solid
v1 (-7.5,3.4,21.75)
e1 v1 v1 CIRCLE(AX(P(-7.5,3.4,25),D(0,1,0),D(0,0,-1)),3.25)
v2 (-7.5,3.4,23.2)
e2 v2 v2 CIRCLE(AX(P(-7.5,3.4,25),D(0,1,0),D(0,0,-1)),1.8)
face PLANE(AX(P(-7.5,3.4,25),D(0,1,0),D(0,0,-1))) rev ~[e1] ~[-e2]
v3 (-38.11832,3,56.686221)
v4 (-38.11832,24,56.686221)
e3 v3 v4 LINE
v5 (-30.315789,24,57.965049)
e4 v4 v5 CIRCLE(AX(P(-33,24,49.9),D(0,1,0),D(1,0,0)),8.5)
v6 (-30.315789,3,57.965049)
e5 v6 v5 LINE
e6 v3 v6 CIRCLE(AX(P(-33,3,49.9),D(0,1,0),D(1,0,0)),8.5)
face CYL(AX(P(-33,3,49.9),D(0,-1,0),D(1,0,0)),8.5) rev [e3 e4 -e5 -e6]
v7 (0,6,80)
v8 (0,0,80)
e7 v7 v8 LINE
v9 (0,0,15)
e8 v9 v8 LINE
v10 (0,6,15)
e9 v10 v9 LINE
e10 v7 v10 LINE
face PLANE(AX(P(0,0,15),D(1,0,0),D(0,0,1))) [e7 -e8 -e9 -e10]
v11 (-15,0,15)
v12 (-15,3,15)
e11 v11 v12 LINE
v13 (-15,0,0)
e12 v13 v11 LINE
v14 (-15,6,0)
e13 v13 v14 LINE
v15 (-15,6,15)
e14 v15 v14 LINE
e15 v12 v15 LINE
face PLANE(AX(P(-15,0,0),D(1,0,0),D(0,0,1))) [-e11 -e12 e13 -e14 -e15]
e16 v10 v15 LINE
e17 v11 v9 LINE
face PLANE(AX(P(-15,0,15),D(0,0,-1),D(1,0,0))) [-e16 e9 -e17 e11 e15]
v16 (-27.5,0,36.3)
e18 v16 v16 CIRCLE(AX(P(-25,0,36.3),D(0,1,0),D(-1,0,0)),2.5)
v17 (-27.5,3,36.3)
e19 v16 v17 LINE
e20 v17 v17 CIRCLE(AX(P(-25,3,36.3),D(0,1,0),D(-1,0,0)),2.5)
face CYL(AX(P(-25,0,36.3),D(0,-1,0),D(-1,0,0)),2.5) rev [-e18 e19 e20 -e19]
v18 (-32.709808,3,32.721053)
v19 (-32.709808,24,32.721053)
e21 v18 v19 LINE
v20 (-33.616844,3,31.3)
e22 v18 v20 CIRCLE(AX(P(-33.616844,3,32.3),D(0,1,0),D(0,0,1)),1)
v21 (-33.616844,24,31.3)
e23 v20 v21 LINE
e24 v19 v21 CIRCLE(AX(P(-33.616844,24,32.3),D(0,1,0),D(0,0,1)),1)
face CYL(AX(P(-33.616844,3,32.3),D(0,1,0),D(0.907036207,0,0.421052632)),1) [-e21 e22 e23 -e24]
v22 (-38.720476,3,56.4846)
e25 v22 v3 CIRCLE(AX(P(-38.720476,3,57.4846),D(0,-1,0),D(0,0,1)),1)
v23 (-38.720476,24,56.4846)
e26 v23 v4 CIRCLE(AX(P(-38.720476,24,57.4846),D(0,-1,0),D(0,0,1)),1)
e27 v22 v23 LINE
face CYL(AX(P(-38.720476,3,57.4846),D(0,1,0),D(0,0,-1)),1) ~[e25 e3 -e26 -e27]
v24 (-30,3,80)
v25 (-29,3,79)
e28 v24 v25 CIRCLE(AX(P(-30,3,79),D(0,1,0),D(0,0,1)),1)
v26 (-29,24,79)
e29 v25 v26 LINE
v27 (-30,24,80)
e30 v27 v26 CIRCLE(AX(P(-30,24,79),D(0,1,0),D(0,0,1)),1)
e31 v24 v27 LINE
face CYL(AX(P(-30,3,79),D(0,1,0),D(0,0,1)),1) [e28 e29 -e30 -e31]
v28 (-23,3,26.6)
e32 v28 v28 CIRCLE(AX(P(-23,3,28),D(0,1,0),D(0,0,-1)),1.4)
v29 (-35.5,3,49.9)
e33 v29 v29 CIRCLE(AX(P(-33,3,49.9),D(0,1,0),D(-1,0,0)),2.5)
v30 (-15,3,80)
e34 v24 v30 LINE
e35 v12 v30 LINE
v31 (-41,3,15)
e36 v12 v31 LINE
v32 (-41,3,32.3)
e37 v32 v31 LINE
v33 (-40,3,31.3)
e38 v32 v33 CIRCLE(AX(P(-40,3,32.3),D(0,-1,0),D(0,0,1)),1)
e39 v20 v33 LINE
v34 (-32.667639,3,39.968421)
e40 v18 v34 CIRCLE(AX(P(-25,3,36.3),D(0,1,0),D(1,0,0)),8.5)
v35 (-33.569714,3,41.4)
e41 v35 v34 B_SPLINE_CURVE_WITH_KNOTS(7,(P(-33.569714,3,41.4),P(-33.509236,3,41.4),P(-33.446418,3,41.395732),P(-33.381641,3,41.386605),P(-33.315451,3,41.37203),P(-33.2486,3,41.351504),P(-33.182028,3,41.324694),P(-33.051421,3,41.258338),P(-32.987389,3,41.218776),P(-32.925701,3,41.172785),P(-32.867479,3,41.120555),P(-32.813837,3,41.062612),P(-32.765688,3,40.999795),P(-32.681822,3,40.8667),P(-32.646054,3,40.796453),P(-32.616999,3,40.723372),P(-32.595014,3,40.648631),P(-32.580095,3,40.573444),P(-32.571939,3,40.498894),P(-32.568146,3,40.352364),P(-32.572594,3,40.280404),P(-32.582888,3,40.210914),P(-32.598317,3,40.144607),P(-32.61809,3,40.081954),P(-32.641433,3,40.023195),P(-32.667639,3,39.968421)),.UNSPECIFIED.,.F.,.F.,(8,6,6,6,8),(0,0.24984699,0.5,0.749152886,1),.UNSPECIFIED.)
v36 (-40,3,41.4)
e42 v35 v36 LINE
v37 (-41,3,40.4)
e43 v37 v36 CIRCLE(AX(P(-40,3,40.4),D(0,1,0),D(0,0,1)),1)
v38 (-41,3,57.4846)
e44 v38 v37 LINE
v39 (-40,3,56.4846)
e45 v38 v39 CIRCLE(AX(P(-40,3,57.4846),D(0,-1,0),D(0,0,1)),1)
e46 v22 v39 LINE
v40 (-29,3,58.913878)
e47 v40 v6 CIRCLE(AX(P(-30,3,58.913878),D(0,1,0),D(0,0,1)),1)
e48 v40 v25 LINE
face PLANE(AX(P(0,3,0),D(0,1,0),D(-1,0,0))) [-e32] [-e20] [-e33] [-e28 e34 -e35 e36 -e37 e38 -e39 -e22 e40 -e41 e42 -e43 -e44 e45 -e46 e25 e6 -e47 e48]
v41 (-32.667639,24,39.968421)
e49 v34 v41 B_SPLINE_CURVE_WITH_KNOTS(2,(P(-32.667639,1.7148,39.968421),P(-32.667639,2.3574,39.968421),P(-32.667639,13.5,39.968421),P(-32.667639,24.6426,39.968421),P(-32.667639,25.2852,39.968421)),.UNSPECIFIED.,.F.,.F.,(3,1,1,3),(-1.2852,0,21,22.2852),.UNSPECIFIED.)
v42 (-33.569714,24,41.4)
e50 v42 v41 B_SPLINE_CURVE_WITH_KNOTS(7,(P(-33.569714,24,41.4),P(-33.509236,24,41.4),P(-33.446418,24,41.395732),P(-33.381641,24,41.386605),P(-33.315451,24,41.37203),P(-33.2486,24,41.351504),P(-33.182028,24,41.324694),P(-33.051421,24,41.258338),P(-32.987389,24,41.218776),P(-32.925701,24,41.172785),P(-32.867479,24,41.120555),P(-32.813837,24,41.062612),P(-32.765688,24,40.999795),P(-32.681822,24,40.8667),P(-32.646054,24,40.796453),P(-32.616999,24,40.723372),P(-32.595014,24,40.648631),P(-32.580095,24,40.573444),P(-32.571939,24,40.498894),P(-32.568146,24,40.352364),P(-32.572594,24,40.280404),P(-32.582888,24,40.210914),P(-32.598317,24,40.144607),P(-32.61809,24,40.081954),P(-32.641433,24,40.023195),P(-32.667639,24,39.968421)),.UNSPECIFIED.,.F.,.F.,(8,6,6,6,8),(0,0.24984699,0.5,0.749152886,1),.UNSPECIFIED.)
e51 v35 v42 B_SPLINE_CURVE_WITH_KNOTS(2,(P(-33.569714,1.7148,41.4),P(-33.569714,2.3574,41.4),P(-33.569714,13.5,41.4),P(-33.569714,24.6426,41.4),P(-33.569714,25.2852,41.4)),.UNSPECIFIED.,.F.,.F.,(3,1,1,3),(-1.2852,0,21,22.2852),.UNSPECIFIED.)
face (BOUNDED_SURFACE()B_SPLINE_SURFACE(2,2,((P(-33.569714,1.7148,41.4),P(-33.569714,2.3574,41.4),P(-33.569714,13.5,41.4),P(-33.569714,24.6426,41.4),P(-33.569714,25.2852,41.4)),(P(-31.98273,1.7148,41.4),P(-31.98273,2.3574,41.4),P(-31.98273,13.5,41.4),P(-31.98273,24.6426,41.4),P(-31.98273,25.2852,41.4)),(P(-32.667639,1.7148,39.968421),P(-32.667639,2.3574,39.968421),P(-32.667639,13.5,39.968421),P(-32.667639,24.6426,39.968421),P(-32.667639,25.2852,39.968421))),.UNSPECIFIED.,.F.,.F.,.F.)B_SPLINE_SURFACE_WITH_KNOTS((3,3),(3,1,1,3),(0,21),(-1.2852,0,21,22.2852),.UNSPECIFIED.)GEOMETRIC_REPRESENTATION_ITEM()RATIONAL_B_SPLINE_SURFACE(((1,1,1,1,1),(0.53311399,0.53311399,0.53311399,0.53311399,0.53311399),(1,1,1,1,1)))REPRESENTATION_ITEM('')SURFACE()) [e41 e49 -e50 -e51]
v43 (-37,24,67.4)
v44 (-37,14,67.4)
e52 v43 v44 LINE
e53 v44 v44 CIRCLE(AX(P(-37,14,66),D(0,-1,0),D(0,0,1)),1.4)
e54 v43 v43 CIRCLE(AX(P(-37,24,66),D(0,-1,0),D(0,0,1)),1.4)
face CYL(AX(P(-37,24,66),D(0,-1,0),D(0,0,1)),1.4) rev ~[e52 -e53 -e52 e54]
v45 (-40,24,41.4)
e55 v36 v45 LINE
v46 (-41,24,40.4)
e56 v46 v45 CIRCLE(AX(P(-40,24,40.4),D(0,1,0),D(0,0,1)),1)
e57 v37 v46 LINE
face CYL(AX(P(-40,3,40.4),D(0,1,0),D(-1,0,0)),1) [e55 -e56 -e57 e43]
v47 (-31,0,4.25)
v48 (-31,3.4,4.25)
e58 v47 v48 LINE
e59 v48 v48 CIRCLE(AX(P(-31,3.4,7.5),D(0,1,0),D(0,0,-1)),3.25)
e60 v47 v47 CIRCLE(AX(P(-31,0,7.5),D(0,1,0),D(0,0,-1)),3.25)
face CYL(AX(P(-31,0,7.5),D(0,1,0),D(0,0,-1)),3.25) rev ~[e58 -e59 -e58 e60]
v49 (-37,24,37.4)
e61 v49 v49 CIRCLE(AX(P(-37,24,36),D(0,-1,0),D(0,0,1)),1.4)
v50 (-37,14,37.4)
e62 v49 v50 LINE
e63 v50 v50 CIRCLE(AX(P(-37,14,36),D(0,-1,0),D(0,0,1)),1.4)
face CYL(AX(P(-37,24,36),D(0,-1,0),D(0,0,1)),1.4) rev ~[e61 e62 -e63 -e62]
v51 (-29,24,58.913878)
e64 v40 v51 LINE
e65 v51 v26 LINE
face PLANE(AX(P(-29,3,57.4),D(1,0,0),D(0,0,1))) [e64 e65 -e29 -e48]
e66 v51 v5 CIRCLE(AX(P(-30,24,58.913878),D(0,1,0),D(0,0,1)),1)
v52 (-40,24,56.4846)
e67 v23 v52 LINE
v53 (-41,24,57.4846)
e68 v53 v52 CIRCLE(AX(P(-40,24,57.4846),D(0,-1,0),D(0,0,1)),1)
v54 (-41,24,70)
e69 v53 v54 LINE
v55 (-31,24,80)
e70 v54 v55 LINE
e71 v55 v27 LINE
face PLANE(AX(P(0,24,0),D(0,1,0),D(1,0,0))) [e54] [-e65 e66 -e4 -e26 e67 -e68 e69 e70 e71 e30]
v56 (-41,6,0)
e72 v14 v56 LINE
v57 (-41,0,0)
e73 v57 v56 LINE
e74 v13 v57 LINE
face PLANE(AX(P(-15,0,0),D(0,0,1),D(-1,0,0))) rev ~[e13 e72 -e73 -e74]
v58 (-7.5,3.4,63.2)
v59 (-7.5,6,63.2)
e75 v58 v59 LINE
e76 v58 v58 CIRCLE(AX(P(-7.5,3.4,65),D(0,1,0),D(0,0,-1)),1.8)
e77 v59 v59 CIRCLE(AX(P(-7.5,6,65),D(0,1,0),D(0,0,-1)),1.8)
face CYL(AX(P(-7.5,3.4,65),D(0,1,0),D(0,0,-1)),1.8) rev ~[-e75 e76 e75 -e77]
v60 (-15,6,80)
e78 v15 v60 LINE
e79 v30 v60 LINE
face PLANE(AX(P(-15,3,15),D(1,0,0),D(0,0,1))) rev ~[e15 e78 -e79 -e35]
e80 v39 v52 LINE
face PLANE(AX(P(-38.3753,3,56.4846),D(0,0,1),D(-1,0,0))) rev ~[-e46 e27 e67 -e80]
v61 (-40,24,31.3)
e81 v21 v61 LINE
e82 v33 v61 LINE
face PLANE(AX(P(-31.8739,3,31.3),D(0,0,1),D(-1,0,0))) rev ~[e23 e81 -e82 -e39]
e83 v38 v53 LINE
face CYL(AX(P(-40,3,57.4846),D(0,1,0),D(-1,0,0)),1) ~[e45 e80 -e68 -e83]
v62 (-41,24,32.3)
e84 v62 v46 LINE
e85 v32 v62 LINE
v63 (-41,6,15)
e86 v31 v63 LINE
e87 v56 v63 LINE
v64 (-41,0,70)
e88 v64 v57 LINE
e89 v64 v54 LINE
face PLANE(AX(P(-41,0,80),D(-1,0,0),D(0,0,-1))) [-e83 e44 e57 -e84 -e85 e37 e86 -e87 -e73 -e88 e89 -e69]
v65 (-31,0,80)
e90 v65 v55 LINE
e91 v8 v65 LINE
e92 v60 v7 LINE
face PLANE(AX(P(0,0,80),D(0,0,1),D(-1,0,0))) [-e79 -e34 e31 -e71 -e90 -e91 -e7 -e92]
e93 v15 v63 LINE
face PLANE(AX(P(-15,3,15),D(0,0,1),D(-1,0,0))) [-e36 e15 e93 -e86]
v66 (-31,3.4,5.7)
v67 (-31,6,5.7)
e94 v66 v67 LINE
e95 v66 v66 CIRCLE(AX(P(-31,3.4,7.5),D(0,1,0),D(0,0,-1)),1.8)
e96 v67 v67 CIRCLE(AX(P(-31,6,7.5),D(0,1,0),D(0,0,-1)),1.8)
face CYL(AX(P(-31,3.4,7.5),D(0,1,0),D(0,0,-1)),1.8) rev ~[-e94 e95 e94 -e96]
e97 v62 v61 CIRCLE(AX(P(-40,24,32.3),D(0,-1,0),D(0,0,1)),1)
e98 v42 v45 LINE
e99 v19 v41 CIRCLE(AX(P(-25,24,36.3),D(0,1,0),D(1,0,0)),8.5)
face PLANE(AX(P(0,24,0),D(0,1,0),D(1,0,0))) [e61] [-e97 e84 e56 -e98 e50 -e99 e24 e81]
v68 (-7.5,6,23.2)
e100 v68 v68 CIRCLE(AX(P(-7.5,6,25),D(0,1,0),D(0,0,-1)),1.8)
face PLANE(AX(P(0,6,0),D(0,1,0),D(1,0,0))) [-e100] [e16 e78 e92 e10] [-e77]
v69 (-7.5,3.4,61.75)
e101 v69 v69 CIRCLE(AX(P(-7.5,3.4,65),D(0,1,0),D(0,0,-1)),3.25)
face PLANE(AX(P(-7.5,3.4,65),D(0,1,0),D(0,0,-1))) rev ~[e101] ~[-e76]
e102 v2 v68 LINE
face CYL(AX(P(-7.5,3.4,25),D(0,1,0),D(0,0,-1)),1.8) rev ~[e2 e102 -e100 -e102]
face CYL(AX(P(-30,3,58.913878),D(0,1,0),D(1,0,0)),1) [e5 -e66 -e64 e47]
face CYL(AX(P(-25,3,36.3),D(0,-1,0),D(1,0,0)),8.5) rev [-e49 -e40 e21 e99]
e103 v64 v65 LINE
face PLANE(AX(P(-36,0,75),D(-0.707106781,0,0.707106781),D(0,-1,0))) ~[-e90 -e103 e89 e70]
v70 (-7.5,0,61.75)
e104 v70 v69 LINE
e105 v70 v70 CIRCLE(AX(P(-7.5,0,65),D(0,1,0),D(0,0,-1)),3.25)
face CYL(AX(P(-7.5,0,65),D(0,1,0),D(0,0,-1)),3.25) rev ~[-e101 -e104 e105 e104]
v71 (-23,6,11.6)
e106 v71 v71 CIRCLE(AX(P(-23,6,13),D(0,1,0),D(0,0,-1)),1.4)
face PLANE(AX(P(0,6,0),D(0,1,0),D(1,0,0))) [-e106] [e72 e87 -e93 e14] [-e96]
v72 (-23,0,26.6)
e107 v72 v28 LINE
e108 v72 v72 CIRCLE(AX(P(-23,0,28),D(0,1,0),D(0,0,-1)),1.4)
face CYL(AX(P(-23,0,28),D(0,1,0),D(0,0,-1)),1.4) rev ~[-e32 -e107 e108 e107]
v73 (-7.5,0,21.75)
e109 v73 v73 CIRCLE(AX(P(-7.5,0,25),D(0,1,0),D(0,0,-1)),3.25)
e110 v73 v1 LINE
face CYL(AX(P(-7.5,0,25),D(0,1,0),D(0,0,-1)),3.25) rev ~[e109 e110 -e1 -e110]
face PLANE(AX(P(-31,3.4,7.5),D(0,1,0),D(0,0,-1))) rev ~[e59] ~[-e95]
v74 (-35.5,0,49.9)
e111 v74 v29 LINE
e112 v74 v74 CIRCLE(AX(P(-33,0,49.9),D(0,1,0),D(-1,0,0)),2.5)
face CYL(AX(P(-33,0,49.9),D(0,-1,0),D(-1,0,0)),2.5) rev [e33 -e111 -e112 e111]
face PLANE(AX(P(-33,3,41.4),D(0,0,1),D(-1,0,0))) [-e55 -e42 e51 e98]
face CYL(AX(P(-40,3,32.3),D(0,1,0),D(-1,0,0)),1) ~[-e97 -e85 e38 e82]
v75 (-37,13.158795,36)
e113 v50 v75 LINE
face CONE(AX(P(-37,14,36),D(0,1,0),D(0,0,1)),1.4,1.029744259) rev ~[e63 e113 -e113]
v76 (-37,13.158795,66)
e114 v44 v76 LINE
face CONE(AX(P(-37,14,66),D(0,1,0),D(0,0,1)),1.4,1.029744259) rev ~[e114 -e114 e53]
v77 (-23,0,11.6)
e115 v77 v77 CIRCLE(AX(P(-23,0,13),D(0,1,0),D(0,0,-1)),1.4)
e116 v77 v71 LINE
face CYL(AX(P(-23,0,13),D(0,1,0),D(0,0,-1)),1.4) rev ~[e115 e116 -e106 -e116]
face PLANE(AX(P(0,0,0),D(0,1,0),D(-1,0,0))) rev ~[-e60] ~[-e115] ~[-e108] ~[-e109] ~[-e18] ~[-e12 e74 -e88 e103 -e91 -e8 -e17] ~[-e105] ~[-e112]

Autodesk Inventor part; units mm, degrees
ref_plane "YZ Plane" through (0, 0, 0) normal (1, 0, 0) x (0, 1, 0)
ref_plane "XZ Plane" through (0, 0, 0) normal (0, 1, 0) x (-1, 0, 0)
ref_plane "XY Plane" through (0, 0, 0) normal (0, 0, 1) x (1, 0, 0)
sketch "Sketch1" plane through (0, 0, 0) normal (0, 1, 0) x (-1, 0, 0)
  circle A0 centre (25, 36.3) radius 2.5
  circle A1 centre (33, 49.9) radius 2.5
  line L0 (15, 0) -> (15, 15)
  line L1 (15, 15) -> (0, 15)
  line L2 (0, 15) -> (0, 80)
  line L3 (0, 80) -> (41, 80)
  line L4 (41, 80) -> (41, 0)
  line L5 (15, 0) -> (41, 0)
  circle A2 centre (25, 36.3) radius 7.5 construction
  circle A3 centre (33, 49.9) radius 7.5 construction
  point P0 (0, 0)
  dimension "d0" = 5
  dimension "d1" = 15
  dimension "d2" = 25
  dimension "d3" = 21.3
  dimension "d4" = 8
  dimension "d5" = 13.6
  dimension "d12" = 15
  dimension "d46" = 80
  dimension "d47" = 41
extrude "Extrusion1" add sketch "Sketch1" along normal blind 3
sketch "Sketch2" plane through (0, 3, 0) normal (0, 1, 0) x (1, 0, 0)
  line L0 (-41, 0) -> (-41, -80) projected
  line L1 (-41, -80) -> (0, -80) projected
  line L2 (0, -80) -> (0, -15) projected
  line L3 (0, -15) -> (-15, -15) projected
  line L4 (-15, -15) -> (-15, 0) projected
  line L5 (-15, 0) -> (-41, 0) projected
  circle A0 centre (-33, -49.9) radius 2.5 projected
  circle A1 centre (-25, -36.3) radius 2.5 projected
  line L6 (-15, -15) -> (-15, 0) projected
  line L7 (-15, -15) -> (-15, -80)
  line L8 (-15, -15) -> (-41, -15)
  line L9 (-41, 0) -> (-41, -80) projected
  point P0 (0, 0)
extrude "Extrusion2" add sketch "Sketch2" along normal blind 3 contours L5 L4 L8 L0 | L3 L2 L1 L7
sketch "Sketch3" plane through (0, 3, 0) normal (0, 1, 0) x (1, 0, 0)
  circle A0 centre (-25, -36.3) radius 2.5 projected
  circle A1 centre (-33, -49.9) radius 2.5 projected
  line L0 (-15, -80) -> (-15, -15) projected
  line L1 (-15, -15) -> (-41, -15) projected
  line L2 (-41, -15) -> (-41, -80) projected
  line L3 (-41, -80) -> (-15, -80) projected
  circle A2 centre (-25, -36.3) radius 2.5 projected
  circle A3 centre (-25, -36.3) radius 8.5
  circle A4 centre (-33, -49.9) radius 2.5 projected
  circle A5 centre (-33, -49.9) radius 8.5
  line L4 (-31.8739, -31.3) -> (-41, -31.3)
  line L5 (-41, 0) -> (-41, -80) projected
  line L6 (-33, -41.4) -> (-41, -41.4)
  line L7 (-38.3753, -56.4846) -> (-41, -56.4846)
  line L8 (-29, -57.4) -> (-29, -80)
  line L9 (-41, -80) -> (0, -80) projected
  point P0 (0, 0)
  point P1 (-31.727, -41.4959)
  dimension "d15" = 17
  dimension "d16" = 5
  dimension "d19" = 12
extrude "Extrusion3" add sketch "Sketch3" along normal blind 21 contours L3 L2 L7 A5 L8 | L4 A3 A5 L6 L2
fillet "Fillet1" radius 1 8 edges at (-31.8739, 13.5, 31.3) (-31.727, 13.5, 41.4959) (-41, 13.5, 41.4) (-41, 13.5, 31.3) (-41, 13.5, 56.4846) (-29, 13.5, 57.4) (-29, 13.5, 80) (-38.3753, 13.5, 56.4846)
chamfer "Chamfer1" distance 10 angle 45 1 edges at (-41, 12, 80)
sketch "Sketch4" plane through (0, 24, 0) normal (0, 1, 0) x (1, 0, 0)
  line L0 (-31, -80) -> (-41, -70) projected
  line L1 (-31, -80) -> (-30, -80) projected
  arc A0 (-30, -80) -> (-29, -79) centre (-30, -79) ccw projected
  line L2 (-29, -79) -> (-29, -58.9139) projected
  arc A1 (-29, -58.9139) -> (-30.3158, -57.965) centre (-30, -58.9139) ccw projected
  arc A2 (-38.1184, -56.6862) -> (-30.3158, -57.965) centre (-33, -49.9) ccw projected
  arc A3 (-38.1184, -56.6862) -> (-38.7205, -56.4846) centre (-38.7205, -57.4846) ccw projected
  line L3 (-38.7205, -56.4846) -> (-40, -56.4846) projected
  arc A4 (-40, -56.4846) -> (-41, -57.4846) centre (-40, -57.4846) ccw projected
  line L4 (-41, -57.4846) -> (-41, -70) projected
  arc A5 (-40, -31.3) -> (-41, -32.3) centre (-40, -32.3) ccw projected
  line L5 (-41, -32.3) -> (-41, -40.4) projected
  arc A6 (-41, -40.4) -> (-40, -41.4) centre (-40, -40.4) ccw projected
  line L6 (-40, -41.4) -> (-33.5697, -41.4) projected
  arc A7 (-33.5697, -41.4) -> (-32.6676, -39.9684) centre (-33.5697, -40.4) ccw projected
  arc A8 (-32.7098, -32.7211) -> (-32.6676, -39.9684) centre (-25, -36.3) ccw projected
  arc A9 (-32.7098, -32.7211) -> (-33.6168, -31.3) centre (-33.6168, -32.3) ccw projected
  line L7 (-33.6168, -31.3) -> (-40, -31.3) projected
  point P0 (0, 0)
  point P1 (-37, -36)
  point P2 (-37, -66)
  dimension "d24" = 4
  dimension "d25" = 36
  dimension "d26" = 30
hole "Hole1" at (-37, 24, 36) at (-37, 24, 66) direction (0, -1, 0) diameter 2.8 depth 10 tip angle 118
sketch "Sketch5" plane through (0, 0, 0) normal (0, -1, 0) x (1, 0, 0)
  line L0 (-41, 70) -> (-31, 80) projected
  line L1 (-41, 0) -> (-41, 70) projected
  line L2 (-15, 0) -> (-41, 0) projected
  line L3 (-15, 15) -> (-15, 0) projected
  line L4 (0, 15) -> (-15, 15) projected
  line L5 (0, 80) -> (0, 15) projected
  line L6 (-31, 80) -> (0, 80) projected
  circle A0 centre (-33, 49.9) radius 2.5 projected
  circle A1 centre (-25, 36.3) radius 2.5 projected
  point P0 (0, 0)
  point P1 (-31, 7.5)
  point P2 (-7.5, 25)
  point P3 (-7.5, 65)
  dimension "d34" = 7.5
  dimension "d35" = 7.5
  dimension "d36" = 10
  dimension "d37" = 15
  dimension "d38" = 40
hole "Hole2" at (-31, 0, 7.5) at (-7.5, 0, 25) at (-7.5, 0, 65) direction (0, 1, 0) diameter 3.6 end through all counterbore diameter 6.5 counterbore depth 3.4 clearance for "Socket Head Cap Screw ISO 4762" size "M3" standard "ISO"
sketch "Sketch6" plane through (0, 0, 0) normal (0, -1, 0) x (1, 0, 0)
  circle A0 centre (-7.5, 25) radius 3.25 projected
  circle A1 centre (-31, 7.5) radius 3.25 projected
  circle A2 centre (-7.5, 65) radius 3.25 projected
  line L0 (-41, 70) -> (-31, 80) projected
  line L1 (-41, 0) -> (-41, 70) projected
  line L2 (-15, 0) -> (-41, 0) projected
  line L3 (-15, 15) -> (-15, 0) projected
  line L4 (0, 15) -> (-15, 15) projected
  line L5 (0, 80) -> (0, 15) projected
  line L6 (-31, 80) -> (0, 80) projected
  circle A3 centre (-33, 49.9) radius 2.5 projected
  circle A4 centre (-25, 36.3) radius 2.5 projected
  point P0 (0, 0)
  point P1 (-23, 13)
  point P2 (-23, 28)
  dimension "d48" = 15
  dimension "d49" = 8
  dimension "d50" = 13
hole "Hole3" at (-23, 0, 13) at (-23, 0, 28) direction (0, 1, 0) diameter 2.8 end through all
equation "\"d35\" = d34"
properties part number "Alpha Idler Assembly" material "ABS Plastic"
